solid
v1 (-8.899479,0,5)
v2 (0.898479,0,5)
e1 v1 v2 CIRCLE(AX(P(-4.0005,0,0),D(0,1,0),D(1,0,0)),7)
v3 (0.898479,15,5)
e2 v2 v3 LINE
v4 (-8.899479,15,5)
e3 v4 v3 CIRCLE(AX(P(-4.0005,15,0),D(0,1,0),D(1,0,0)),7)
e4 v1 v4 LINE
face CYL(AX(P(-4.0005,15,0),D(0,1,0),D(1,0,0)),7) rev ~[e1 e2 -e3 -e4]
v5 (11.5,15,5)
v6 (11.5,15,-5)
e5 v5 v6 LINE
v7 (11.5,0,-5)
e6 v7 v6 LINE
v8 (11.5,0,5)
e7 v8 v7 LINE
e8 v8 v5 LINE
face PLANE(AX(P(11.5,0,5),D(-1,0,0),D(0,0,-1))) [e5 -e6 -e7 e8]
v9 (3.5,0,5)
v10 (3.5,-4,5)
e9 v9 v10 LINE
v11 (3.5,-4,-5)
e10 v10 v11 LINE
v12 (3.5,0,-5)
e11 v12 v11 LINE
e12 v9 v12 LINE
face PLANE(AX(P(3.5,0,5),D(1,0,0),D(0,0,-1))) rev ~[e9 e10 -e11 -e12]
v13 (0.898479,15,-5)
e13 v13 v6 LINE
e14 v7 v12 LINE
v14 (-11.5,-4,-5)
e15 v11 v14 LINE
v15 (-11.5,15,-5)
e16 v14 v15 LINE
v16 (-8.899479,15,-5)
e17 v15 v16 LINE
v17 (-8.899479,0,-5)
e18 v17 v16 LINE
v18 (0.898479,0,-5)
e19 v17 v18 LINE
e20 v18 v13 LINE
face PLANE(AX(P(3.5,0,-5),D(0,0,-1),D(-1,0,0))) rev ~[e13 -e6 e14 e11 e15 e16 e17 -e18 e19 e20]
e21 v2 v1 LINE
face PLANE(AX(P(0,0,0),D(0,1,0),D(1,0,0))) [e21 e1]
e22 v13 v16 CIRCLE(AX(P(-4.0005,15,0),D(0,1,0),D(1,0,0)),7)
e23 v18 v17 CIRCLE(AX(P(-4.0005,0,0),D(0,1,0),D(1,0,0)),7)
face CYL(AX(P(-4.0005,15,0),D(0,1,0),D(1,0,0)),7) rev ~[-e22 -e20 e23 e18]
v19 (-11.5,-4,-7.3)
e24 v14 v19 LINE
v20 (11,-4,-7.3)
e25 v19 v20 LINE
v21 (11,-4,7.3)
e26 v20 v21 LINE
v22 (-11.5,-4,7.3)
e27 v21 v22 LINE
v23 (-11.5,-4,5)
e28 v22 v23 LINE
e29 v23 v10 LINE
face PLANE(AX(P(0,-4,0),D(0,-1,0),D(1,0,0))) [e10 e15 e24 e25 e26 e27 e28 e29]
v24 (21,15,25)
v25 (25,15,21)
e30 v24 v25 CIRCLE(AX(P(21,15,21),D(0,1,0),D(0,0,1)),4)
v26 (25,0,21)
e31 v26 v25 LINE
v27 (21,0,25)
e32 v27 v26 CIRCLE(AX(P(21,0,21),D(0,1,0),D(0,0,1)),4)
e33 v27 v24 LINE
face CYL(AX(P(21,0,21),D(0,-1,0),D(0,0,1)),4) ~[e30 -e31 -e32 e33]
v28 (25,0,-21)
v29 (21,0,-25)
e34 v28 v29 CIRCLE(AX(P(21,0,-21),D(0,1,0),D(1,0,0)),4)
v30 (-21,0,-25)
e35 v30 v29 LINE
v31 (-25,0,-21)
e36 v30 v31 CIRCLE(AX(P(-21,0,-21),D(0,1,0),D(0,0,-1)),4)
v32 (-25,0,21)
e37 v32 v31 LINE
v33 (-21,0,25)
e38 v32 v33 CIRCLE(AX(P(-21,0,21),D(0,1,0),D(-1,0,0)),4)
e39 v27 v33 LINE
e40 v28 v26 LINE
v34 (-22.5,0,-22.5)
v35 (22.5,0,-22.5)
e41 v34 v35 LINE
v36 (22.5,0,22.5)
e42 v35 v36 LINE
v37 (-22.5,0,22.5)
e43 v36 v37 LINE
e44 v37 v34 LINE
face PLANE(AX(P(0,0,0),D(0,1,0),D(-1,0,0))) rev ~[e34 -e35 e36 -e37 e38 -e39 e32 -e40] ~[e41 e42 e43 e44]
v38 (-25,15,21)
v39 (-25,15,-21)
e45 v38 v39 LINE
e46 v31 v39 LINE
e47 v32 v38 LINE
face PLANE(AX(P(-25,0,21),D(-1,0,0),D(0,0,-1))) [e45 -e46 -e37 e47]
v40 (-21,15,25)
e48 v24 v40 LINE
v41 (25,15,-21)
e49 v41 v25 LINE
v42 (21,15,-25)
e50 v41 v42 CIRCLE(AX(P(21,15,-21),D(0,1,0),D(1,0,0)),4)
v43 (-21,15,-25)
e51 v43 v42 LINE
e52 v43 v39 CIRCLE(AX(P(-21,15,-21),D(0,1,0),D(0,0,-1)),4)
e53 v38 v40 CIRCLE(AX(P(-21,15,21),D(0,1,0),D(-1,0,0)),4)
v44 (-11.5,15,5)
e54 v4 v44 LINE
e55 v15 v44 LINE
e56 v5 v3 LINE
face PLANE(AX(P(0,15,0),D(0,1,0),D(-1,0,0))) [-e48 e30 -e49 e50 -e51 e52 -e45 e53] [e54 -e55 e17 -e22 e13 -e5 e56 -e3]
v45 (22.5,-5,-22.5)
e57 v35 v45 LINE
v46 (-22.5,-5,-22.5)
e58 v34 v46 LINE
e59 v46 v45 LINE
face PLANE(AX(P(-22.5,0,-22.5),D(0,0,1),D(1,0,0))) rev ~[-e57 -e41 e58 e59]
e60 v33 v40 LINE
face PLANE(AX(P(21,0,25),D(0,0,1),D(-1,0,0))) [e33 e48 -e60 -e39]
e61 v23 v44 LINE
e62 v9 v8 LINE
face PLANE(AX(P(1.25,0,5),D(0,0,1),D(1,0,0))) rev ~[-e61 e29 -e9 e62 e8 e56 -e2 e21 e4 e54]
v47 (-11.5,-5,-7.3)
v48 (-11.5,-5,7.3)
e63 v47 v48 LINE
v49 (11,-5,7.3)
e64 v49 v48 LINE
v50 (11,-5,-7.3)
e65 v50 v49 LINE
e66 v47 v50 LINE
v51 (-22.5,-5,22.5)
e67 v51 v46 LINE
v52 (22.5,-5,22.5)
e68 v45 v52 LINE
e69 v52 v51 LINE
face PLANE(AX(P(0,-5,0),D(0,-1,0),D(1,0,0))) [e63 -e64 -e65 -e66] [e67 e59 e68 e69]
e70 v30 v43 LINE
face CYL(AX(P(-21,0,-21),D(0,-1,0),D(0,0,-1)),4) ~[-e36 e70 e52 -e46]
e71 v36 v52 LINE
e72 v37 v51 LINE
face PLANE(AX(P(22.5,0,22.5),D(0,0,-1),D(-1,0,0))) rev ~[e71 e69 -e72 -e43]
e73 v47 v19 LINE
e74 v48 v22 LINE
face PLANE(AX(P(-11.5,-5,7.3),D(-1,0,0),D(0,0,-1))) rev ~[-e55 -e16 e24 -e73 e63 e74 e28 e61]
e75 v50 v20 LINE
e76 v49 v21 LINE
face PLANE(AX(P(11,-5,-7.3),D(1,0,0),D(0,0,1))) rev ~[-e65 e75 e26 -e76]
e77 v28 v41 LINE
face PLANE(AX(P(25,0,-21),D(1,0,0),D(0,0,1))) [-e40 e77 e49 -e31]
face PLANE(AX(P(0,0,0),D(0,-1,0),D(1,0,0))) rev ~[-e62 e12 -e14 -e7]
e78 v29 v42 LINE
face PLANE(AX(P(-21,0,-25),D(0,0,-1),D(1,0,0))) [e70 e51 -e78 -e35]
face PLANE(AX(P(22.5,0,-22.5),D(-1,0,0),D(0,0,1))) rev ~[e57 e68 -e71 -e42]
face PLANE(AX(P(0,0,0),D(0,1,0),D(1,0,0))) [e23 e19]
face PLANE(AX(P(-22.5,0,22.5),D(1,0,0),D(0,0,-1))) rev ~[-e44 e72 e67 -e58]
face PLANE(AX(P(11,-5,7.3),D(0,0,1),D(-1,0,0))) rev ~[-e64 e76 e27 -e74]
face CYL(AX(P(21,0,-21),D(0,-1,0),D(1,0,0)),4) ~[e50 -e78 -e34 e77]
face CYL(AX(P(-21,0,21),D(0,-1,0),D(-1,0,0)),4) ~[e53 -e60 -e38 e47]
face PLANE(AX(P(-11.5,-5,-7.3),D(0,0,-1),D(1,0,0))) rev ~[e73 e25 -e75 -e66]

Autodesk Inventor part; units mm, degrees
ref_plane "YZ Plane" through (0, 0, 0) normal (1, 0, 0) x (0, 1, 0)
ref_plane "XZ Plane" through (0, 0, 0) normal (0, 1, 0) x (-1, 0, 0)
ref_plane "XY Plane" through (0, 0, 0) normal (0, 0, 1) x (1, 0, 0)
sketch "Эскиз1" plane through (0, 0, 0) normal (0, 1, 0) x (-1, 0, 0)
  line L0 (-21, 25) -> (21, 25)
  line L1 (25, 21) -> (25, -21)
  line L2 (21, -25) -> (-21, -25)
  line L3 (-25, -21) -> (-25, 21)
  line L4 (-25, 25) -> (25, -25) construction
  line L5 (25, 25) -> (-25, -25) construction
  line L6 (-11.5, -5) -> (11.5, -5)
  line L7 (11.5, -5) -> (11.5, 5)
  line L8 (11.5, 5) -> (-11.5, 5)
  line L9 (-11.5, 5) -> (-11.5, -5)
  line L10 (-11.5, -5) -> (11.5, 5) construction
  line L11 (11.5, -5) -> (-11.5, 5) construction
  line L12 (-3.5, 5) -> (-3.5, -5)
  line L13 (4, 5) -> (4, -5) construction
  circle A0 centre (4, 0) radius 7.25
  arc A1 (21, -25) -> (25, -21) centre (21, -21) ccw
  arc A2 (25, 21) -> (21, 25) centre (21, 21) ccw
  arc A3 (-21, 25) -> (-25, 21) centre (-21, 21) ccw
  arc A4 (-25, -21) -> (-21, -25) centre (-21, -21) ccw
  point P0 (0, 0)
  point P1 (-1.25, -5)
  point P2 (-1.25, 5)
  dimension "d0" = 50
  dimension "d1" = 50
  dimension "d2" = 23
  dimension "d3" = 10
  dimension "d4" = 8
  dimension "d29" = 7.5
  dimension "d30" = 14.5
  dimension "d52" = 4
extrude "Выдавливание13" add sketch "Эскиз1" along normal blind 15 contours L0 A2 L1 A1 L2 A4 L3 A3 | L6 A0 | A0 L8
sketch "Эскиз6" plane through (0, 0, 0) normal (0, -1, 0) x (1, 0, 0)
  line L0 (22.5, 22.5) -> (-22.5, 22.5)
  line L1 (-22.5, 22.5) -> (-22.5, -22.5)
  line L2 (-22.5, -22.5) -> (22.5, -22.5)
  line L3 (22.5, -22.5) -> (22.5, 22.5)
  line L4 (22.5, 22.5) -> (-22.5, -22.5) construction
  line L5 (-22.5, 22.5) -> (22.5, -22.5) construction
  point P0 (0, 0)
  dimension "d41" = 45
  dimension "d42" = 45
extrude "Выдавливание14" add sketch "Эскиз6" along normal blind 5
extrude "Выдавливание15" cut sketch "Эскиз1" against normal through all contours L12 L8 A0 L6 | A0 L8 L6 | A0 L8 L7 L6
sketch "Эскиз7" plane through (0, 15, 0) normal (0, 1, 0) x (1, 0, 0)
  circle A0 centre (-4.0005, 0) radius 7
  line L0 (21, 25) -> (-21, 25) projected
  line L1 (-25, 21) -> (-25, -21) projected
  point P0 (0, 0)
  point P1 (25, 25)
  point P2 (-25, 25)
  point P3 (-25, -25)
  dimension "d47" = 14
  dimension "d48" = 25
  dimension "d49" = 20.9995
extrude "Выдавливание16" cut sketch "Эскиз7" against normal blind 15
sketch "Эскиз8" plane through (0, -5, 0) normal (0, -1, 0) x (1, 0, 0)
  point P0 (0, 0)
sketch "Эскиз9" plane through (0, -5, 0) normal (0, -1, 0) x (1, 0, 0)
  point P0 (0, 0)
sketch "Эскиз10" plane through (0, -5, 0) normal (0, -1, 0) x (1, 0, 0)
  line L0 (-11.5, -7.3) -> (11, -7.3)
  line L1 (11, -7.3) -> (11, 7.3)
  line L2 (11, 7.3) -> (-11.5, 7.3)
  line L3 (-11.5, 7.3) -> (-11.5, -7.3)
  point P0 (0, 0)
  dimension "d53" = 11.5
  dimension "d54" = 14.6
  dimension "d55" = 7.3
  dimension "d56" = 22.5
extrude "Выдавливание17" cut sketch "Эскиз10" against normal blind 1
properties part number "platform"
